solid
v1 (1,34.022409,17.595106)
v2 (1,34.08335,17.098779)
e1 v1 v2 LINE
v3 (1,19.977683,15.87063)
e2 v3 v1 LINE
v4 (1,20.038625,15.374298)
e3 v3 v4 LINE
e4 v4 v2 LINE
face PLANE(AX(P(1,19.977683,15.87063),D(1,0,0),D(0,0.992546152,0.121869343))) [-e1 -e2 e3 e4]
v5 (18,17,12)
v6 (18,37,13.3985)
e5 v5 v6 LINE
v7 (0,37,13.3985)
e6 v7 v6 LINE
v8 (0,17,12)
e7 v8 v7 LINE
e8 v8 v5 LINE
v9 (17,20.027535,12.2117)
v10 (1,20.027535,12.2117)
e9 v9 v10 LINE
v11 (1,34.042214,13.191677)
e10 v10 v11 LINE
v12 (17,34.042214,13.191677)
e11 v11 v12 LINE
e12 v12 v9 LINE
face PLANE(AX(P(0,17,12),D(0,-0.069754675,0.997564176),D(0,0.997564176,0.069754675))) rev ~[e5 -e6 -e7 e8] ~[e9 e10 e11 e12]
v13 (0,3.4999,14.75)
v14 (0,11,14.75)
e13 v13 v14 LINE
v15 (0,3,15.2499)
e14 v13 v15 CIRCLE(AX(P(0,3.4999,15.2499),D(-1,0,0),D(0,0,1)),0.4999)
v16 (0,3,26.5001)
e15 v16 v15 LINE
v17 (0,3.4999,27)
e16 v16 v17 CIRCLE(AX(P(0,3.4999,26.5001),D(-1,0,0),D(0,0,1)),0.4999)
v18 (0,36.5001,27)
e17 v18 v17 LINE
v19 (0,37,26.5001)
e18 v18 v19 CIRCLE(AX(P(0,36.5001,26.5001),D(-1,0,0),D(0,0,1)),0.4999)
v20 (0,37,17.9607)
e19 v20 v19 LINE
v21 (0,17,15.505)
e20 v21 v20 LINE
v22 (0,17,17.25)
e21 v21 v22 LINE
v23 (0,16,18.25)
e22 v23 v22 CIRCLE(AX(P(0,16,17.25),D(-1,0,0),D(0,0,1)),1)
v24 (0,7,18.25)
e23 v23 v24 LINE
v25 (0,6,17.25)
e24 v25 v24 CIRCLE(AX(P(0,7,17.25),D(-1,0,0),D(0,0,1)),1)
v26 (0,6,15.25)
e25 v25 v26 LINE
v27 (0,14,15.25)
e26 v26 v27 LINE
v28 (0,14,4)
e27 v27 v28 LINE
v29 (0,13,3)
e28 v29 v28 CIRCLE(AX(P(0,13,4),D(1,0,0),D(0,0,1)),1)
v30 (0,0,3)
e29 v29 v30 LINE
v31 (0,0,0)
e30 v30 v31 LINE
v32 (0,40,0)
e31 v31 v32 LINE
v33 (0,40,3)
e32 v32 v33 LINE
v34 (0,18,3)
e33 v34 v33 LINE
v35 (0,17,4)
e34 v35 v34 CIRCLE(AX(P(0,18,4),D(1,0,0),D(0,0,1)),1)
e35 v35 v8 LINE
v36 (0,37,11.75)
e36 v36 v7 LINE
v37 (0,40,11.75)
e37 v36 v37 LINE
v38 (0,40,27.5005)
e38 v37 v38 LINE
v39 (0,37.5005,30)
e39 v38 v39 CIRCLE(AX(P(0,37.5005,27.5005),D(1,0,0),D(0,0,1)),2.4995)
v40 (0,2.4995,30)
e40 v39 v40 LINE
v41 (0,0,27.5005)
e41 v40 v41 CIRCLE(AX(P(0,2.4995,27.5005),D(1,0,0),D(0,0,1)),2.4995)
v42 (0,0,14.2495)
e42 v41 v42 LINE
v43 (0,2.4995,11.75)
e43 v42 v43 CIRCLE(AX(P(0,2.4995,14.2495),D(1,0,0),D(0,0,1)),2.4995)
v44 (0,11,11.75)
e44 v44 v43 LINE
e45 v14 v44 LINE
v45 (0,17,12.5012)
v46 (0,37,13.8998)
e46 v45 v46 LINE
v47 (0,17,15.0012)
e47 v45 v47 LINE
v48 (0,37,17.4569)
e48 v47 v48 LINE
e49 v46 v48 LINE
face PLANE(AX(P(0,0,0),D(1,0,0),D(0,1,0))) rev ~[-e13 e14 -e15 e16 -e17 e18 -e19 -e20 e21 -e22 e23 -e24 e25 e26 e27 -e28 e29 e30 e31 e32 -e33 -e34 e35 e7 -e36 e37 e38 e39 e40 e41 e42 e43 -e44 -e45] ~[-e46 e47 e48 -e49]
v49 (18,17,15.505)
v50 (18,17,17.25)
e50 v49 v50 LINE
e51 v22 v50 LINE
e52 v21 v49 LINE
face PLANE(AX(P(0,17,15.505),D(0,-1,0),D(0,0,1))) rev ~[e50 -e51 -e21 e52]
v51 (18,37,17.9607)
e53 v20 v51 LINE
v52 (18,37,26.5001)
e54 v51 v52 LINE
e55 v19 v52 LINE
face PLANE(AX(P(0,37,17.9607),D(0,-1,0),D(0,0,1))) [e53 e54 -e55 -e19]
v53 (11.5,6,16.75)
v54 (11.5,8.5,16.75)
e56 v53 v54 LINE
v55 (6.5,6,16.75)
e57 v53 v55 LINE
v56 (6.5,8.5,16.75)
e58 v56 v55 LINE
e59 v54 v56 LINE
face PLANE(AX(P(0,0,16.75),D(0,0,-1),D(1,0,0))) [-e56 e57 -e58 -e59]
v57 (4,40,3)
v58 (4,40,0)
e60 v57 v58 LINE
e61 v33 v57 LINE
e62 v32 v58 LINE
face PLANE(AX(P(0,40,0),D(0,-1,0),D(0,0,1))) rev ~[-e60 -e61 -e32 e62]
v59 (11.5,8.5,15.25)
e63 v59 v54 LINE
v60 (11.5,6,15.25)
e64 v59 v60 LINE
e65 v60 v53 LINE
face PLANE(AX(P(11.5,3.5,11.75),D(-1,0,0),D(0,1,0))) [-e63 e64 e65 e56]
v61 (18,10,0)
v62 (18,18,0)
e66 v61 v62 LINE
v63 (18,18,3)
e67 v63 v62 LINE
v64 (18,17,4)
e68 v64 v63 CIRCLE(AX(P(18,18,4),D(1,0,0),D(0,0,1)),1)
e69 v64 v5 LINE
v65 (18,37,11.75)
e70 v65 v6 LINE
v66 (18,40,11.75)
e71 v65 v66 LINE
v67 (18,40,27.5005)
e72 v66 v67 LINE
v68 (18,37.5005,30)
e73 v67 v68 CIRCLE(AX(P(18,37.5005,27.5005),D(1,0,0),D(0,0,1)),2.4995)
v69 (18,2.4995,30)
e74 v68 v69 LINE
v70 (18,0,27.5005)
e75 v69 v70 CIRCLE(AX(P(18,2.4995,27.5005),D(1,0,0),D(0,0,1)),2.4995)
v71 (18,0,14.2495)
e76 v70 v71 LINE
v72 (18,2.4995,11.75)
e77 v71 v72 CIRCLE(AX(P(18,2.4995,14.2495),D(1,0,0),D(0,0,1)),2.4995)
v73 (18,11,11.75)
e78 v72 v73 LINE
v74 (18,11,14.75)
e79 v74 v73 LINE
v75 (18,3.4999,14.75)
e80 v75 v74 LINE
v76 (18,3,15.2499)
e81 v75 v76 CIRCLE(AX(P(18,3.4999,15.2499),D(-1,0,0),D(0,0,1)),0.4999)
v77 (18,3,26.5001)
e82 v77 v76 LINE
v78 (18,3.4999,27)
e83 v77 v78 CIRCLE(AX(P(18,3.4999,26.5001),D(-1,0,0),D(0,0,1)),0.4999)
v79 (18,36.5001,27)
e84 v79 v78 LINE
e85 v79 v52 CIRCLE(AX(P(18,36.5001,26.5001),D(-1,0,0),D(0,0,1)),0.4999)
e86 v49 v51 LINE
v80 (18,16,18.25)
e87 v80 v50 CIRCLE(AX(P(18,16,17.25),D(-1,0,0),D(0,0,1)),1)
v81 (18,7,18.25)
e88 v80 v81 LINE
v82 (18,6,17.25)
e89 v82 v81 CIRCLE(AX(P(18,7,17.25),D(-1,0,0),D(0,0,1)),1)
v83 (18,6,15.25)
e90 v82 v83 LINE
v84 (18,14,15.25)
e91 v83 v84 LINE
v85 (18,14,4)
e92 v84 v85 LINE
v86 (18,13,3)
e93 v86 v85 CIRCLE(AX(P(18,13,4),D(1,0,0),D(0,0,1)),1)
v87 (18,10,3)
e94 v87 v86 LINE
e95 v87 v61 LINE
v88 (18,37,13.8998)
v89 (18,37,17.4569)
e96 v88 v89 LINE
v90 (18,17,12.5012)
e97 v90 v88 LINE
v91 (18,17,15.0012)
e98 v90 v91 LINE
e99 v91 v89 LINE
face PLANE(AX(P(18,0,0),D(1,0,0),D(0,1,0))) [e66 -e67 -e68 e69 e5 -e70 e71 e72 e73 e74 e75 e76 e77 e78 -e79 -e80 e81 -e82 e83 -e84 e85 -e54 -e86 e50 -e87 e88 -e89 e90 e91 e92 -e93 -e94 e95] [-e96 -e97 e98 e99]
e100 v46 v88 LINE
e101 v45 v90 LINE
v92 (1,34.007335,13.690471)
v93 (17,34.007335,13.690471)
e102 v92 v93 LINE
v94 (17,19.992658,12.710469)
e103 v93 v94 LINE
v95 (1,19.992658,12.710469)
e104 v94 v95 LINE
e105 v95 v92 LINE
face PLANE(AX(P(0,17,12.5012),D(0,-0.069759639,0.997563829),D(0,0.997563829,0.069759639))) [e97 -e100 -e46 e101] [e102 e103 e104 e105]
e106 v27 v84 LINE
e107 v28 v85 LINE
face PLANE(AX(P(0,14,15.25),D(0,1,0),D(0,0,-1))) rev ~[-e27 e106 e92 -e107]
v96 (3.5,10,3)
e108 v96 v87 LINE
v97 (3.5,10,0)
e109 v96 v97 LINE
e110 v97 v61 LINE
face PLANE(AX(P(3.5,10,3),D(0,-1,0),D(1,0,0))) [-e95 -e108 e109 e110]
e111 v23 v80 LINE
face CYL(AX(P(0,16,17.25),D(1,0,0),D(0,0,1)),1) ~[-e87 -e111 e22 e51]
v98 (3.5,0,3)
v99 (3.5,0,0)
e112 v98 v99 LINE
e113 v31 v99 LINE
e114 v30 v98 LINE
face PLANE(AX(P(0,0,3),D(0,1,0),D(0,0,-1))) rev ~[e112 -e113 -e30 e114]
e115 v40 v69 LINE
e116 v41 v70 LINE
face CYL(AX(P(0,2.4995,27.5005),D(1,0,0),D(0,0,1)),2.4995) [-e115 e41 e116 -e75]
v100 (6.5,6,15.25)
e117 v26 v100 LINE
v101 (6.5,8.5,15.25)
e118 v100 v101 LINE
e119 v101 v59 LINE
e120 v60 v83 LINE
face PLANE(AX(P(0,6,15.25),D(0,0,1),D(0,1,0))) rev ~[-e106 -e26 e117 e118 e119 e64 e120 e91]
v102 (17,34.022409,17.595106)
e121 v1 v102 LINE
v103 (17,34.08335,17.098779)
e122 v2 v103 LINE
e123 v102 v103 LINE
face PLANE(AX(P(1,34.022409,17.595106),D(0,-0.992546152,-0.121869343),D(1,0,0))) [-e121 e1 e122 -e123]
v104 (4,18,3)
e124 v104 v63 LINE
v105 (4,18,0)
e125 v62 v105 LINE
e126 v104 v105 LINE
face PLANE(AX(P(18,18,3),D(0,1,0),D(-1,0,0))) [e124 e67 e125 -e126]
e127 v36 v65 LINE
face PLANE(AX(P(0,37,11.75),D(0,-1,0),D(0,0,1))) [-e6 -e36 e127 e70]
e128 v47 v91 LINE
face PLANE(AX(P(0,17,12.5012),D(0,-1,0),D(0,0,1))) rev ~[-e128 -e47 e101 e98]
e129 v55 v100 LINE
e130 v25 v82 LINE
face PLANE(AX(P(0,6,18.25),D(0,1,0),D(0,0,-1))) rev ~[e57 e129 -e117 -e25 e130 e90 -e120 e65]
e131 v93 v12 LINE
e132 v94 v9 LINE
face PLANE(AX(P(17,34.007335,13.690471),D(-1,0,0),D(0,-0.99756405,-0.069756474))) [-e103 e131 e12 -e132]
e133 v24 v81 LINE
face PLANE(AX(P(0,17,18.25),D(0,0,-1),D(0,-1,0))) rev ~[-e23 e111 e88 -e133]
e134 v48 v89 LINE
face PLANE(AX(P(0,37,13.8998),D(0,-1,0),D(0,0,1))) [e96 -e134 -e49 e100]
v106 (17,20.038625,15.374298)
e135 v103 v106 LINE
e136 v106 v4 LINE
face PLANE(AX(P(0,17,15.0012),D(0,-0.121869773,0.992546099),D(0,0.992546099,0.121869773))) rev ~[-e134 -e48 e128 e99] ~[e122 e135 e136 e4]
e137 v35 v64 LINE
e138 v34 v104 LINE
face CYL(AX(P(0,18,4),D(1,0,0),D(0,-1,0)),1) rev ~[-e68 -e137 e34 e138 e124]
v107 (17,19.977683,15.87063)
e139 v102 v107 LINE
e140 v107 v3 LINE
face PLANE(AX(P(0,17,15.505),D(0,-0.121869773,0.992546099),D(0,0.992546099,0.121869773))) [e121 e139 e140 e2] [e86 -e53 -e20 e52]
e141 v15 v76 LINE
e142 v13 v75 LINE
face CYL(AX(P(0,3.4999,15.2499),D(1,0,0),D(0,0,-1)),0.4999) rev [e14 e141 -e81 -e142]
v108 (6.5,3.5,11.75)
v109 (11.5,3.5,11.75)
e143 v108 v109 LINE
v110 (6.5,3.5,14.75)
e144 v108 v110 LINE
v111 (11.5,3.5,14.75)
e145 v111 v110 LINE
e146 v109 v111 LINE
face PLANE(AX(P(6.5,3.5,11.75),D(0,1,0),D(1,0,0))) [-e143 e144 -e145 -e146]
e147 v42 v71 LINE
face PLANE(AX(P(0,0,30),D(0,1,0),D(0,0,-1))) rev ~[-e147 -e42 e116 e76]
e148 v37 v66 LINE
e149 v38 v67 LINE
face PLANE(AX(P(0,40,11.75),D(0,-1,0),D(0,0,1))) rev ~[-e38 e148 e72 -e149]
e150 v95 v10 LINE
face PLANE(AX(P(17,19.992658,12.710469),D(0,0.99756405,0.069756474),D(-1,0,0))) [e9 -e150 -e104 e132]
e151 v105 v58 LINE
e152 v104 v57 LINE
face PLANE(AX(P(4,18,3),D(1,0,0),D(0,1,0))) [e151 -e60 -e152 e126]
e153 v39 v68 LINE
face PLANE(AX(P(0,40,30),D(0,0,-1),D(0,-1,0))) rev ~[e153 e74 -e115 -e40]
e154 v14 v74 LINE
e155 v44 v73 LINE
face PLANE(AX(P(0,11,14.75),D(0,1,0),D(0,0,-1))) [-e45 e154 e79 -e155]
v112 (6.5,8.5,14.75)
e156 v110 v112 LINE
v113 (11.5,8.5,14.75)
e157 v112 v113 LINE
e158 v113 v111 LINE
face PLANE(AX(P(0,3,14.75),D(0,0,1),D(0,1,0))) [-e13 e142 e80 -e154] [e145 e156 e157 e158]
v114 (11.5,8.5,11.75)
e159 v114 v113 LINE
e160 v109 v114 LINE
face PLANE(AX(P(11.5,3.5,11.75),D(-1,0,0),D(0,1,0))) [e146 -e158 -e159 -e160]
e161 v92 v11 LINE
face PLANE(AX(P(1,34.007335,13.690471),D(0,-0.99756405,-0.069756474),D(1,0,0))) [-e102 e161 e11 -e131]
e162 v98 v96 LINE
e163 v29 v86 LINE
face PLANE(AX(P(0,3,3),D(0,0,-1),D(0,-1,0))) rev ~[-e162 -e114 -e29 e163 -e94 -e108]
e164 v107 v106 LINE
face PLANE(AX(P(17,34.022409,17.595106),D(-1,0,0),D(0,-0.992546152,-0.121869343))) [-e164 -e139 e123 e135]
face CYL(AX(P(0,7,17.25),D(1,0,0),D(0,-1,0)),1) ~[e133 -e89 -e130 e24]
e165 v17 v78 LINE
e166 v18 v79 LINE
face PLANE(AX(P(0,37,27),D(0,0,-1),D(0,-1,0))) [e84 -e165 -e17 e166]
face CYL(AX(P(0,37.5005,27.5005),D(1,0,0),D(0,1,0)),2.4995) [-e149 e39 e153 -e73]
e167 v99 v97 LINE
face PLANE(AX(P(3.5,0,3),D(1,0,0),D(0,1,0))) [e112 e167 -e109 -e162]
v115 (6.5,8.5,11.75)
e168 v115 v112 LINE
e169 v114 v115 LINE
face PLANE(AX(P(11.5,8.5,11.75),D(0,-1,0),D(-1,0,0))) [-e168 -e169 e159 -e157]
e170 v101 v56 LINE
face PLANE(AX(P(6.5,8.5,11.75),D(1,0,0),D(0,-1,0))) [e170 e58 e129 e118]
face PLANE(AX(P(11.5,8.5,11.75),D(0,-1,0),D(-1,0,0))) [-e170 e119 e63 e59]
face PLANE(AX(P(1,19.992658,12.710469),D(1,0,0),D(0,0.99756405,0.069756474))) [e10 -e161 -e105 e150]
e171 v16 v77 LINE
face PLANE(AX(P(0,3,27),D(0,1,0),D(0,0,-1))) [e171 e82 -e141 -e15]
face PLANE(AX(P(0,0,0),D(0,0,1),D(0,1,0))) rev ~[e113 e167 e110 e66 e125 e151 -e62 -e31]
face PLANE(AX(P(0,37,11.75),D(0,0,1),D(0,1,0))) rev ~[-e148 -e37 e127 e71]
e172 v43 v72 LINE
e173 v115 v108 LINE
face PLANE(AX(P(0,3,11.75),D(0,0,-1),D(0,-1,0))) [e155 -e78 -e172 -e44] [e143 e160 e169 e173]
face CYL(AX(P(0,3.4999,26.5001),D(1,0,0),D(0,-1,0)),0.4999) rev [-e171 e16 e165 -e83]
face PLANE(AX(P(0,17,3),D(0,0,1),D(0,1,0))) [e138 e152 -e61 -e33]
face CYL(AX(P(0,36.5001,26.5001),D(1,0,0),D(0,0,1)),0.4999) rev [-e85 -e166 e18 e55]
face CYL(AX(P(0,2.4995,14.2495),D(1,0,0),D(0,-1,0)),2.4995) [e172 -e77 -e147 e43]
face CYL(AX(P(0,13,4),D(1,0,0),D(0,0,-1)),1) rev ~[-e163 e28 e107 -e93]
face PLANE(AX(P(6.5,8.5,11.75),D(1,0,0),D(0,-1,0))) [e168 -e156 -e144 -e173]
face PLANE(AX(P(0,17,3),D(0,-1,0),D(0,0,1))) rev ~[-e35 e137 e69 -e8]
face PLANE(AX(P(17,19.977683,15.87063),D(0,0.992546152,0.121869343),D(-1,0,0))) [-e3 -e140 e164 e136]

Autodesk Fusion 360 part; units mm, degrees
sketch "Sketch2" plane through (0, 0, 0) normal (1, 0, 0) x (0, 1, 0)
  line L0 (0, 0) -> (40, 0)
  line L1 (40, 0) -> (40, 30)
  line L2 (40, 30) -> (0, 30)
  line L3 (0, 30) -> (0, 0)
  line L4 (3, 3) -> (37, 3)
  line L5 (37, 3) -> (37, 27)
  line L6 (37, 27) -> (3, 27)
  line L7 (3, 27) -> (3, 3)
  line L8 (17, 3) -> (17, 18.25)
  line L9 (17, 18.25) -> (6, 18.25)
  line L10 (6, 18.25) -> (6, 15.25)
  line L11 (6, 15.25) -> (14, 15.25)
  line L12 (14, 15.25) -> (14, 3)
  line L13 (3, 14.75) -> (11, 14.75)
  line L14 (11, 14.75) -> (11, 11.75)
  line L15 (11, 11.75) -> (3, 11.75)
  line L16 (3, 11.75) -> (0, 11.75)
  line L17 (37, 11.75) -> (40, 11.75)
  line L18 (17, 12) -> (37, 13.3985)
  line L19 (17, 12.5012) -> (37, 13.8998)
  line L20 (17, 15.0012) -> (37, 17.4569)
  line L21 (17, 15.505) -> (37, 17.9607)
  line L22 (3, 3) -> (0, 3)
  line L23 (37, 3) -> (40, 3)
  dimension "d1" = -3
  dimension "d2" = 30
  dimension "d3" = 40
  dimension "d4" = 3
  dimension "d5" = 3
  dimension "d6" = 3
  dimension "d7" = 0.5
  dimension "d8" = 3
  dimension "d9" = 14
  dimension "d10" = 3
  dimension "d11" = 8.75
  dimension "d12" = 0.5
  dimension "d13" = 0.5
  dimension "d14" = 94
  dimension "d15" = 97
  dimension "d16" = 2.5
  dimension "d17" = 9
extrude "Extrude1" add sketch "Sketch2" along normal blind 18 contours L0 L1 L3 L4 L22 L23 | L1 L2 L3 L5 L6 L7 L16 L17 | L7 L13 L14 L15 | L4 L8 L9 L10 L11 L12 | L5 L8 L18 L19 | L5 L8 L20 L21
sketch "Sketch3" plane through (0, 0, 11.75) normal (0, 0, -1) x (1, 0, 0)
  line L0 (0, 0) -> (0, -11)
  line L1 (0, -11) -> (18, -11)
  line L2 (18, -11) -> (18, 0)
  line L3 (18, 0) -> (0, 0)
  line L4 (9, 0) -> (9, -6)
  line L5 (11.5, -8.5) -> (6.5, -8.5)
  line L6 (6.5, -8.5) -> (6.5, -3.5)
  line L7 (6.5, -3.5) -> (11.5, -3.5)
  line L8 (11.5, -3.5) -> (11.5, -8.5)
  line L9 (11.5, -8.5) -> (6.5, -3.5) construction
  line L10 (6.5, -8.5) -> (11.5, -3.5) construction
  point P0 (9, -6)
  dimension "d24" = 5
  dimension "d25" = 5
  dimension "d26" = 6
extrude "Extrude2" cut sketch "Sketch3" against normal blind 5 contours L5 L6 L7 L8
sketch "Sketch6" plane through (0, -1.623, 13.2184) normal (0, -0.1219, 0.9925) x (1, 0, 0)
  line L0 (0, 38.9131) -> (0, 18.7629)
  line L1 (0, 18.7629) -> (18, 18.7629)
  line L2 (18, 18.7629) -> (18, 38.9131)
  line L3 (18, 38.9131) -> (0, 38.9131)
  line L4 (0, 38.9131) -> (18, 38.9131)
  line L5 (18, 38.9131) -> (18, 18.7629)
  line L6 (18, 18.7629) -> (0, 18.7629)
  line L7 (0, 18.7629) -> (0, 38.9131)
  line L8 (1, 35.9131) -> (17, 35.9131)
  line L9 (17, 35.9131) -> (17, 21.7629)
  line L10 (17, 21.7629) -> (1, 21.7629)
  line L11 (1, 21.7629) -> (1, 35.9131)
  dimension "d34" = 1
  dimension "d35" = 1
  dimension "d36" = 3
  dimension "d37" = 3
sketch "Sketch7" plane through (0, -0.7872, 11.2574) normal (0, -0.0698, 0.9976) x (1, 0, 0)
  line L0 (0, 37.8795) -> (0, 17.8306)
  line L1 (0, 17.8306) -> (18, 17.8306)
  line L2 (18, 17.8306) -> (18, 37.8795)
  line L3 (18, 37.8795) -> (0, 37.8795)
  line L4 (0, 37.8795) -> (18, 37.8795)
  line L5 (18, 37.8795) -> (18, 17.8306)
  line L6 (18, 17.8306) -> (0, 17.8306)
  line L7 (0, 17.8306) -> (0, 37.8795)
  line L8 (1, 34.8795) -> (17, 34.8795)
  line L9 (17, 34.8795) -> (17, 20.8306)
  line L10 (17, 20.8306) -> (1, 20.8306)
  line L11 (1, 20.8306) -> (1, 34.8795)
  dimension "d38" = 1
  dimension "d39" = 1
  dimension "d40" = 3
  dimension "d41" = 3
extrude "Extrude5" cut sketch "Sketch6" against normal blind 1 contours L8 L9 L10 L11
extrude "Extrude6" cut sketch "Sketch7" against normal blind 1 contours L8 L9 L10 L11
fillet "Fillet1" radius 2.5 3 edges at (9, 0, 30) (9, 40, 30) (9, 0, 11.75)
fillet "Fillet1" radius 0.5 3 edges at (9, 3, 14.75) (9, 37, 27) (9, 3, 27)
fillet "Fillet2" radius 1 2 edges at (9, 14, 3) (9, 17, 3)
fillet "Fillet3" radius 1 2 edges at (9, 6, 18.25) (9, 17, 18.25)
sketch "Sketch4" plane through (0, 0, 3) normal (0, 0, 1) x (-1, 0, 0)
  line L0 (0, -13) -> (0, 0)
  line L1 (0, 0) -> (-18, 0)
  line L2 (-18, 0) -> (-18, -13)
  line L3 (-3.5, -10) -> (-14.5, -10)
  line L4 (-14.5, -10) -> (-14.5, 10)
  line L5 (-14.5, 10) -> (-3.5, 10)
  line L6 (-3.5, 10) -> (-3.5, -10)
  line L7 (-3.5, -10) -> (-14.5, 10) construction
  line L8 (-14.5, -10) -> (-3.5, 10) construction
  line L9 (-14.5, -10) -> (-18, -10)
  line L10 (-18, -13) -> (0, -13)
  point P0 (-9, 0)
  dimension "d27" = 11
  dimension "d28" = 20
extrude "Extrude3" cut sketch "Sketch4" against normal blind 6 contours L1 L3 L4 L6 | L1 L2 L4 L9
sketch "Sketch5" plane through (0, 0, 3) normal (0, 0, 1) x (-1, 0, 0)
  line L0 (0, -40) -> (0, -18)
  line L1 (-18, -18) -> (-18, -40)
  line L2 (-18, -40) -> (0, -40)
  line L3 (-18, -18) -> (-4, -18)
  line L4 (-4, -18) -> (-4, -40)
  line L5 (-4, -40) -> (-18, -40)
  line L6 (-18, -40) -> (-18, -18)
  line L7 (0, -18) -> (-18, -18)
  dimension "d31" = 14
extrude "Extrude4" cut sketch "Sketch5" against normal blind 5 contours L1 L2 L3 L4 L5 L6 L7
